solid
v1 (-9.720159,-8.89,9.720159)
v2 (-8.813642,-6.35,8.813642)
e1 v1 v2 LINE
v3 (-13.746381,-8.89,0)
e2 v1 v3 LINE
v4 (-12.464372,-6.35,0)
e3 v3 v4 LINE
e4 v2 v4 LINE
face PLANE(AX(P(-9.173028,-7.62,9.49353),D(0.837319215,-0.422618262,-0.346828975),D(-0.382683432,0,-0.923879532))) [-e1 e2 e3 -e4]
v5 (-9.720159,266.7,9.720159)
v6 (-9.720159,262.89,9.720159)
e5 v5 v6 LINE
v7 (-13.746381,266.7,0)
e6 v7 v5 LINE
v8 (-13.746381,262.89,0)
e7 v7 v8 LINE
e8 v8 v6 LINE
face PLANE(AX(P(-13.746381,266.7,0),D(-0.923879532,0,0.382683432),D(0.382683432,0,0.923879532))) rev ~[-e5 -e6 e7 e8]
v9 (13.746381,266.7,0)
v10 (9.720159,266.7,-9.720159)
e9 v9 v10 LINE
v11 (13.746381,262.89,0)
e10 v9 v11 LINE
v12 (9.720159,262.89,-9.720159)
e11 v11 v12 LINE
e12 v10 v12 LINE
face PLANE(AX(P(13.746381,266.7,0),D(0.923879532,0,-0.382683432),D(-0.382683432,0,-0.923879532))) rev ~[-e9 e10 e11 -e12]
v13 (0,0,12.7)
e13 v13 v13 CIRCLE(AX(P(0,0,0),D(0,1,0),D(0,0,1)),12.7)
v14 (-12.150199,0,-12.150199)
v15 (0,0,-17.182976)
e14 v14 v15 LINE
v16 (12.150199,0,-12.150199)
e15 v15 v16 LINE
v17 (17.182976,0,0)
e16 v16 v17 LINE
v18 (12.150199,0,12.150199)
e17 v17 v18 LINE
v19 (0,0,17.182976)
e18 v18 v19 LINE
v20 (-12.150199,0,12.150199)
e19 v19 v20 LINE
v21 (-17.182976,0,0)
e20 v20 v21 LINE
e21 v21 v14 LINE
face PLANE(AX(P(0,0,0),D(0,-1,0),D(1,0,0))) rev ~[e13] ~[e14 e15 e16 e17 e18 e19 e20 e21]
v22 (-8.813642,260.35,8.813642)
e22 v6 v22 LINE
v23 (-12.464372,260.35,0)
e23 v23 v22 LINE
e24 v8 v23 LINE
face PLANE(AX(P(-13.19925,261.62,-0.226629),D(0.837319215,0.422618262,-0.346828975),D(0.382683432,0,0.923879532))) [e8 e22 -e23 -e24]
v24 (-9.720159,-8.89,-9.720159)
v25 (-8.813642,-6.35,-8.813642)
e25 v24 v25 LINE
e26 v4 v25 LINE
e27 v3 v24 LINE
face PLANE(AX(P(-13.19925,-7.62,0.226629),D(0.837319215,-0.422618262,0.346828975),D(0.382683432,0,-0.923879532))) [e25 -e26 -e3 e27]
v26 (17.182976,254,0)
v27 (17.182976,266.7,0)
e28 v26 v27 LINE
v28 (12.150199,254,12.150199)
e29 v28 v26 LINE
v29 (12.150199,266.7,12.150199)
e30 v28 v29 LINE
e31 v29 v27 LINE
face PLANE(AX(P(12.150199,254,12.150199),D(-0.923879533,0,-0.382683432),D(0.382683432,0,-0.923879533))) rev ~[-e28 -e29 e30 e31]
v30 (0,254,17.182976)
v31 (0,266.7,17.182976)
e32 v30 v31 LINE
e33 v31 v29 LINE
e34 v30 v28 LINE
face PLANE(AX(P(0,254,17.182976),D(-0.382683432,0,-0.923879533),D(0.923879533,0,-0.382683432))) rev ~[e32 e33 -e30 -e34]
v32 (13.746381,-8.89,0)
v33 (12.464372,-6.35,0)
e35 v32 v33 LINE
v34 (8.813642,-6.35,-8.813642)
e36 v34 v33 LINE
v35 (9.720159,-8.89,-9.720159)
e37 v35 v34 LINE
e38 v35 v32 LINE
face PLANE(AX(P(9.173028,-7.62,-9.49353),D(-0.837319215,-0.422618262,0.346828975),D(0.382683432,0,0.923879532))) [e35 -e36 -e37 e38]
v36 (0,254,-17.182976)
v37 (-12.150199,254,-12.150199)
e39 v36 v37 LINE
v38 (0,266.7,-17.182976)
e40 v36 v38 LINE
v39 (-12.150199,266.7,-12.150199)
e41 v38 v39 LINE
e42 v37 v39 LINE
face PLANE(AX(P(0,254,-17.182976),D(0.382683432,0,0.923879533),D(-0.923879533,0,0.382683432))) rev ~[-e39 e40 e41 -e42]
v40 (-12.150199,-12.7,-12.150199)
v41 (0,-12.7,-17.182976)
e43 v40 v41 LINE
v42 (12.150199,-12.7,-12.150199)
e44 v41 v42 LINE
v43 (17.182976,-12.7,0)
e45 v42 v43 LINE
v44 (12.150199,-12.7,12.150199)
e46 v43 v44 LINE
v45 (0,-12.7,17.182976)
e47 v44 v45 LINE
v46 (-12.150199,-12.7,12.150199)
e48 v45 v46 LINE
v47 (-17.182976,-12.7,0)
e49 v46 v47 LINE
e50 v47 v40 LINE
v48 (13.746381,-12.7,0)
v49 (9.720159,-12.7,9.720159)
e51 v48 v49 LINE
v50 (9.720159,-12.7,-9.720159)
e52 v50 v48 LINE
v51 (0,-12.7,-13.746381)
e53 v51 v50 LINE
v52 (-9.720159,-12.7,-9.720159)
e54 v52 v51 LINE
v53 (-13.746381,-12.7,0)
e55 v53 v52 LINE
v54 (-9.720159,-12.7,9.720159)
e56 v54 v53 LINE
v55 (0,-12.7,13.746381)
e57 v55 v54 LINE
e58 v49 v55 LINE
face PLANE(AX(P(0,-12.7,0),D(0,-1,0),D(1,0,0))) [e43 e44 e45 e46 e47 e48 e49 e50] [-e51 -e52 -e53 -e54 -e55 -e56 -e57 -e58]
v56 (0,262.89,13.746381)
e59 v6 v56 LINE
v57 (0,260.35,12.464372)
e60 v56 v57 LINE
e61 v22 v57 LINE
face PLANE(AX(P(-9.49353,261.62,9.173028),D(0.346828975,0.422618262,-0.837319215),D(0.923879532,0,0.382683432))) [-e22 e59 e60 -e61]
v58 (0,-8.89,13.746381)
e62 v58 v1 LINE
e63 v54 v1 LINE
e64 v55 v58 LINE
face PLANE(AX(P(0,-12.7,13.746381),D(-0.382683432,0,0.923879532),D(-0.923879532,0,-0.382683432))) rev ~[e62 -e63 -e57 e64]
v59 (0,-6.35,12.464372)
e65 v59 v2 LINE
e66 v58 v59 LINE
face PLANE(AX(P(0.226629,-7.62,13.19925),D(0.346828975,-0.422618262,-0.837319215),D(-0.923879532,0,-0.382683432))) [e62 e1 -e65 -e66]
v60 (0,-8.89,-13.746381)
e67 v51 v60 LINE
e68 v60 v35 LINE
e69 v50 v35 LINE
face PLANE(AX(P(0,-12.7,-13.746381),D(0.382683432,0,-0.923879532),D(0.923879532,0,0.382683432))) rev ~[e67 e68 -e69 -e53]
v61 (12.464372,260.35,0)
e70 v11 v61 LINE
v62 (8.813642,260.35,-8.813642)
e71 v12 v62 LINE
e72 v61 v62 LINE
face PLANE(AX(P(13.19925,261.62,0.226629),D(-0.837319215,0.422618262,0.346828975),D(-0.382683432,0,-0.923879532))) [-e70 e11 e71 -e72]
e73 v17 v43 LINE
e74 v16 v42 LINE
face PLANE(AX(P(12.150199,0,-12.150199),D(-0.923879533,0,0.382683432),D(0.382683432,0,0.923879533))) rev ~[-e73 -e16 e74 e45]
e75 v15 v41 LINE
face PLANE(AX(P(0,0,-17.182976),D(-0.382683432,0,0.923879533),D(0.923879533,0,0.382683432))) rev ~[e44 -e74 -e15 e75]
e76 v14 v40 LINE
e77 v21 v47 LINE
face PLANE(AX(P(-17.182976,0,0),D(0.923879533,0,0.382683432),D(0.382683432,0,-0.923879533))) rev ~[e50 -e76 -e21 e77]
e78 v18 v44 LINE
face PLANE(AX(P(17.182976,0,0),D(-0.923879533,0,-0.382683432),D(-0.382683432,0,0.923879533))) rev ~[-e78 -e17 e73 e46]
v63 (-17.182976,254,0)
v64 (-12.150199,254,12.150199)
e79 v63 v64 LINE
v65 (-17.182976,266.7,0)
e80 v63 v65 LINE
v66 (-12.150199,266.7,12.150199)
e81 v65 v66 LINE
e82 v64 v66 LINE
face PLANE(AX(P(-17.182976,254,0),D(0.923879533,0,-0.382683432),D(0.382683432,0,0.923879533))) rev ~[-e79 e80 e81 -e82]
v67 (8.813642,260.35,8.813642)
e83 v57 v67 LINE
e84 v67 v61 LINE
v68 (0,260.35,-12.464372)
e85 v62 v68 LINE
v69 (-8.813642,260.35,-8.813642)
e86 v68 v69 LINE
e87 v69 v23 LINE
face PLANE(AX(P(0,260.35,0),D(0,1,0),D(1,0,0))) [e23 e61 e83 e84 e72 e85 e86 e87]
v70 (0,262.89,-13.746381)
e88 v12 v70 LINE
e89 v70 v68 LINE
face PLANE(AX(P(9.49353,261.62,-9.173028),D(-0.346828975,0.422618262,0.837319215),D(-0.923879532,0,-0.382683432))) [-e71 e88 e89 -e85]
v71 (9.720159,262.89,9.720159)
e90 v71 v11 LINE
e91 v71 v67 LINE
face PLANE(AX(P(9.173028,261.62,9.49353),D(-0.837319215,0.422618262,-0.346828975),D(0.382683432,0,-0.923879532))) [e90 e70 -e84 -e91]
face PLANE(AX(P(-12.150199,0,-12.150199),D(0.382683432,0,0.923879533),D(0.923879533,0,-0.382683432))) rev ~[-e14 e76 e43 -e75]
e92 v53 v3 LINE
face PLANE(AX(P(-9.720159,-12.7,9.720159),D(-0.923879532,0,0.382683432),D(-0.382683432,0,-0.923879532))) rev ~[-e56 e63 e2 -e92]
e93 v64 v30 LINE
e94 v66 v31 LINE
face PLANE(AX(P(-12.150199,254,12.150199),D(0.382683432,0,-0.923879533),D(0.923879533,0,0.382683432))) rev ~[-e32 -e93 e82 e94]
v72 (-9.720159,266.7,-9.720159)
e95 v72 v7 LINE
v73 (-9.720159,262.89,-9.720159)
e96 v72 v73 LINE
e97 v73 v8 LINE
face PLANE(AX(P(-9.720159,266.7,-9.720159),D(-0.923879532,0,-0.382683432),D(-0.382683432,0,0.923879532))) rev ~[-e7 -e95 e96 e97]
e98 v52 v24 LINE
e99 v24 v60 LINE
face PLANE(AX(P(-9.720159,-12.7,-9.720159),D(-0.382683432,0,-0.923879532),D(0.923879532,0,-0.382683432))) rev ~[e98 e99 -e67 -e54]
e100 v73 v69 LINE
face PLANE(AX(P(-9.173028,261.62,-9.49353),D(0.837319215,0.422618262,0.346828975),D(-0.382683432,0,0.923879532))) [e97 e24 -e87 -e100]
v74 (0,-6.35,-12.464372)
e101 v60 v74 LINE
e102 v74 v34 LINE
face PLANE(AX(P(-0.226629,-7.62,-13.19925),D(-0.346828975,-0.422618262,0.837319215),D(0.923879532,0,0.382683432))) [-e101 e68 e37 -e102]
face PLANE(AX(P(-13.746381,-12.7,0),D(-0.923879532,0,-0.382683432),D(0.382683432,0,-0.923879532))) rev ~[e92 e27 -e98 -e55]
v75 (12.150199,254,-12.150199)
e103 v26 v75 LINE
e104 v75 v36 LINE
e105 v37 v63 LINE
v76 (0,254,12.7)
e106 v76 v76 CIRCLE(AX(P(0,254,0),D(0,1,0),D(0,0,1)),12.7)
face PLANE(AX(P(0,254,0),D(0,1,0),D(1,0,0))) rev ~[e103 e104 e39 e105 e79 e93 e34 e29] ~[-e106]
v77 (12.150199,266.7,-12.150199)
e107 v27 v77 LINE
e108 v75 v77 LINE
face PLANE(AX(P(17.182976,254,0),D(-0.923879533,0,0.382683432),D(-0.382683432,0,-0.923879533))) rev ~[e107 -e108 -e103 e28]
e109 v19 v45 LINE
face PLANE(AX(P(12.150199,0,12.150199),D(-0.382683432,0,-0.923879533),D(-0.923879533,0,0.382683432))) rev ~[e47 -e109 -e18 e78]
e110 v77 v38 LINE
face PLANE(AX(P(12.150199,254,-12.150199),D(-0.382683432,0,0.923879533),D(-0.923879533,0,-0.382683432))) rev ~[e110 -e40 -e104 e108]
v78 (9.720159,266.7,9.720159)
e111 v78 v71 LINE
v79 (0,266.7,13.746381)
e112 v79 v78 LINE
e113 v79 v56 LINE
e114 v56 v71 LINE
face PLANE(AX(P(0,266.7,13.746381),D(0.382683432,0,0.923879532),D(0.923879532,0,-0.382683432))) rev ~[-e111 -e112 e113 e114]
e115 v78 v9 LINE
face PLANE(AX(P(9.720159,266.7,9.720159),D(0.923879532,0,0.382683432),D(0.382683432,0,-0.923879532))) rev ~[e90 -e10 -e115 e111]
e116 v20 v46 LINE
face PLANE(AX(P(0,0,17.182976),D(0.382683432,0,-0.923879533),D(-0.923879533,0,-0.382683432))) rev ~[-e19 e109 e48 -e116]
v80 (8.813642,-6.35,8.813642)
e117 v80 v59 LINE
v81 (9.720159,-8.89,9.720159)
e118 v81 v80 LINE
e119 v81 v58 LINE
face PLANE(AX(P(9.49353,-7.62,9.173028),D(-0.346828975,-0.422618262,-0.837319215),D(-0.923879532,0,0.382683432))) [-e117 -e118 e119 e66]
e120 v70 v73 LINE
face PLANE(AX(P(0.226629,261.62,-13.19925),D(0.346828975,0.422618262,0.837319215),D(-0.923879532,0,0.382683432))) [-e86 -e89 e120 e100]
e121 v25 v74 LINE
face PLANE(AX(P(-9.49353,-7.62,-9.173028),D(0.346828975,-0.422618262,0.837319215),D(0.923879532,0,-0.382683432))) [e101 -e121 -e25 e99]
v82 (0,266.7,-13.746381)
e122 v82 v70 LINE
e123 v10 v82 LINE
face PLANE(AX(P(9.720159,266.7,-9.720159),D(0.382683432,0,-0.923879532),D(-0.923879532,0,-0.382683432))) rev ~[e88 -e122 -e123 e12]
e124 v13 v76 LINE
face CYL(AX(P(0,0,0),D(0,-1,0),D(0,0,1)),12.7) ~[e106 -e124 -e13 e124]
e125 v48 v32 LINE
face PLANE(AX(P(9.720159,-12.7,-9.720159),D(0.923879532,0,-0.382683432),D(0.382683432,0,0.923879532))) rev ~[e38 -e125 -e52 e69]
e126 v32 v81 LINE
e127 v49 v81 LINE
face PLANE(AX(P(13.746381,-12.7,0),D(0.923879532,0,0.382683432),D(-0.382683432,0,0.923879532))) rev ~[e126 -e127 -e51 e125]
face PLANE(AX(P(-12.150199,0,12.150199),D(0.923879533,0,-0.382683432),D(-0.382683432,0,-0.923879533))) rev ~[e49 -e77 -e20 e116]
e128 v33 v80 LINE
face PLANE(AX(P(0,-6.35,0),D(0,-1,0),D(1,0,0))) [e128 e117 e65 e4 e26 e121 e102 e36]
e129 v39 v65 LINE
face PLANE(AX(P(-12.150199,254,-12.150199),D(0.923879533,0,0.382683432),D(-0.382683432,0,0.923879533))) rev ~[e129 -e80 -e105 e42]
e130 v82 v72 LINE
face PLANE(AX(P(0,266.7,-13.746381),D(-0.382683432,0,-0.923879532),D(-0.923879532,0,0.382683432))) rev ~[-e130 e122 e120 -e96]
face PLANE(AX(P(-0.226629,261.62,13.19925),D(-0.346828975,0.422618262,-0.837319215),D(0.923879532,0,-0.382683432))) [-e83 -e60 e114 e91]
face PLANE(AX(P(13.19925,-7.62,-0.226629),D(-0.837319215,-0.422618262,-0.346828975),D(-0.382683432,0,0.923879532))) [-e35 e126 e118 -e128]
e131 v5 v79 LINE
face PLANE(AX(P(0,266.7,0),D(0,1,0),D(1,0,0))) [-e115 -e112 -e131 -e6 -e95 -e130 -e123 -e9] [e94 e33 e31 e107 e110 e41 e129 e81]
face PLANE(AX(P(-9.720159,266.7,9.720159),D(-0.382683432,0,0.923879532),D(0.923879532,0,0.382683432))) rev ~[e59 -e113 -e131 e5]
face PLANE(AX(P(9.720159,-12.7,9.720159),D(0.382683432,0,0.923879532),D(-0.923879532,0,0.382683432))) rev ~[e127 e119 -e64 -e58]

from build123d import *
from OCP.BRepFilletAPI import BRepFilletAPI_MakeChamfer

# Parameters (mm, degrees)
SKETCH1_R           = 12.7
BOSS_EXTRUDE1_DEPTH = 254
BOSS_EXTRUDE2_DEPTH = 12.7
BOSS_EXTRUDE3_DEPTH = 12.7
CUT_EXTRUDE1_DEPTH  = 6.35
CUT_EXTRUDE2_DEPTH  = 6.35
CHAMFER1_SIZE       = 2.54
CHAMFER1_SIZE2      = 1.184421452
CHAMFER2_SIZE       = 2.54
CHAMFER2_SIZE2      = 1.184421452


with BuildPart() as part:
    # Sketch1 → Boss-Extrude1 (new body)
    with BuildSketch(Plane(origin=(0, 0, 0), x_dir=(1, 0, 0), z_dir=(0, 1, 0))):
        with Locations(Location((0, 0, 0), (0, 0, 270))):
            Circle(SKETCH1_R)
    extrude(amount=BOSS_EXTRUDE1_DEPTH)

    # Sketch2 → Boss-Extrude2 (add)
    with BuildSketch(Plane(origin=(0, 254, 0), x_dir=(1, 0, 0), z_dir=(0, 1, 0))):
        Polygon((0, 17.18297618), (-12.150198978, 12.150198978), (-17.18297618, 0), (-12.150198978, -12.150198978), (0, -17.18297618), (12.150198978, -12.150198978), (17.18297618, 0), (12.150198978, 12.150198978), align=None)
    extrude(amount=BOSS_EXTRUDE2_DEPTH)

    # Sketch3 → Boss-Extrude3 (add)
    with BuildSketch(Plane.XZ):
        Polygon((0, 17.18297618), (-12.150198978, 12.150198978), (-17.18297618, 0), (-12.150198978, -12.150198978), (0, -17.18297618), (12.150198978, -12.150198978), (17.18297618, 0), (12.150198978, 12.150198978), align=None)
    extrude(amount=BOSS_EXTRUDE3_DEPTH)

    # Sketch4 → Cut-Extrude1 (cut)
    with BuildSketch(Plane(origin=(0, 266.7, 0), x_dir=(1, 0, 0), z_dir=(0, 1, 0))):
        Polygon((0, 13.746380944), (-9.720159182, 9.720159182), (-13.746380944, 0), (-9.720159182, -9.720159182), (0, -13.746380944), (9.720159182, -9.720159182), (13.746380944, 0), (9.720159182, 9.720159182), align=None)
    extrude(amount=-CUT_EXTRUDE1_DEPTH, mode=Mode.SUBTRACT)

    # Sketch5 → Cut-Extrude2 (cut)
    with BuildSketch(Plane.XZ.offset(12.7)):
        Polygon((0, 13.746380944), (-9.720159182, 9.720159182), (-13.746380944, 0), (-9.720159182, -9.720159182), (0, -13.746380944), (9.720159182, -9.720159182), (13.746380944, 0), (9.720159182, 9.720159182), align=None)
    extrude(amount=-CUT_EXTRUDE2_DEPTH, mode=Mode.SUBTRACT)

    # Chamfer1: one chamfer whose edges measure the first distance from different faces: ONE call of the kernel's chamfer builder (chamfer() names one face for all edges)
    chamfer1_edges_1 = [part.edges().sort_by_distance(p)[0] for p in [
        (4.860079591, -6.35, 11.733270063),
    ]]
    chamfer1_side_1 = [part.faces().sort_by_distance(p)[0] for p in [
        (4.860079591, -9.525, 11.733270063),
    ]]
    chamfer1_edges_2 = [part.edges().sort_by_distance(p)[0] for p in [
        (11.733270063, -6.35, 4.860079591),
    ]]
    chamfer1_side_2 = [part.faces().sort_by_distance(p)[0] for p in [
        (11.733270063, -9.525, 4.860079591),
    ]]
    chamfer1_edges_3 = [part.edges().sort_by_distance(p)[0] for p in [
        (11.733270063, -6.35, -4.860079591),
    ]]
    chamfer1_side_3 = [part.faces().sort_by_distance(p)[0] for p in [
        (11.733270063, -9.525, -4.860079591),
    ]]
    chamfer1_edges_4 = [part.edges().sort_by_distance(p)[0] for p in [
        (4.860079591, -6.35, -11.733270063),
    ]]
    chamfer1_side_4 = [part.faces().sort_by_distance(p)[0] for p in [
        (4.860079591, -9.525, -11.733270063),
    ]]
    chamfer1_edges_5 = [part.edges().sort_by_distance(p)[0] for p in [
        (-4.860079591, -6.35, -11.733270063),
    ]]
    chamfer1_side_5 = [part.faces().sort_by_distance(p)[0] for p in [
        (-4.860079591, -9.525, -11.733270063),
    ]]
    chamfer1_edges_6 = [part.edges().sort_by_distance(p)[0] for p in [
        (-11.733270063, -6.35, -4.860079591),
    ]]
    chamfer1_side_6 = [part.faces().sort_by_distance(p)[0] for p in [
        (-11.733270063, -9.525, -4.860079591),
    ]]
    chamfer1_edges_7 = [part.edges().sort_by_distance(p)[0] for p in [
        (-11.733270063, -6.35, 4.860079591),
    ]]
    chamfer1_side_7 = [part.faces().sort_by_distance(p)[0] for p in [
        (-11.733270063, -9.525, 4.860079591),
    ]]
    chamfer1_edges_8 = [part.edges().sort_by_distance(p)[0] for p in [
        (-4.860079591, -6.35, 11.733270063),
    ]]
    chamfer1_side_8 = [part.faces().sort_by_distance(p)[0] for p in [
        (-4.860079591, -9.525, 11.733270063),
    ]]
    chamfer1 = BRepFilletAPI_MakeChamfer(part.part.solid().wrapped)
    for e in chamfer1_edges_1:
        chamfer1.Add(CHAMFER1_SIZE, CHAMFER1_SIZE2, e.wrapped, chamfer1_side_1[0].wrapped)  # the first distance lies on this face
    for e in chamfer1_edges_2:
        chamfer1.Add(CHAMFER1_SIZE, CHAMFER1_SIZE2, e.wrapped, chamfer1_side_2[0].wrapped)  # the first distance lies on this face
    for e in chamfer1_edges_3:
        chamfer1.Add(CHAMFER1_SIZE, CHAMFER1_SIZE2, e.wrapped, chamfer1_side_3[0].wrapped)  # the first distance lies on this face
    for e in chamfer1_edges_4:
        chamfer1.Add(CHAMFER1_SIZE, CHAMFER1_SIZE2, e.wrapped, chamfer1_side_4[0].wrapped)  # the first distance lies on this face
    for e in chamfer1_edges_5:
        chamfer1.Add(CHAMFER1_SIZE, CHAMFER1_SIZE2, e.wrapped, chamfer1_side_5[0].wrapped)  # the first distance lies on this face
    for e in chamfer1_edges_6:
        chamfer1.Add(CHAMFER1_SIZE, CHAMFER1_SIZE2, e.wrapped, chamfer1_side_6[0].wrapped)  # the first distance lies on this face
    for e in chamfer1_edges_7:
        chamfer1.Add(CHAMFER1_SIZE, CHAMFER1_SIZE2, e.wrapped, chamfer1_side_7[0].wrapped)  # the first distance lies on this face
    for e in chamfer1_edges_8:
        chamfer1.Add(CHAMFER1_SIZE, CHAMFER1_SIZE2, e.wrapped, chamfer1_side_8[0].wrapped)  # the first distance lies on this face
    add(Compound.cast(chamfer1.Shape()), mode=Mode.REPLACE)

    # Chamfer2: one chamfer whose edges measure the first distance from different faces: ONE call of the kernel's chamfer builder (chamfer() names one face for all edges)
    chamfer2_edges_1 = [part.edges().sort_by_distance(p)[0] for p in [
        (4.860079591, 260.35, -11.733270063),
    ]]
    chamfer2_side_1 = [part.faces().sort_by_distance(p)[0] for p in [
        (4.860079591, 263.525, -11.733270063),
    ]]
    chamfer2_edges_2 = [part.edges().sort_by_distance(p)[0] for p in [
        (11.733270063, 260.35, -4.860079591),
    ]]
    chamfer2_side_2 = [part.faces().sort_by_distance(p)[0] for p in [
        (11.733270063, 263.525, -4.860079591),
    ]]
    chamfer2_edges_3 = [part.edges().sort_by_distance(p)[0] for p in [
        (11.733270063, 260.35, 4.860079591),
    ]]
    chamfer2_side_3 = [part.faces().sort_by_distance(p)[0] for p in [
        (11.733270063, 263.525, 4.860079591),
    ]]
    chamfer2_edges_4 = [part.edges().sort_by_distance(p)[0] for p in [
        (4.860079591, 260.35, 11.733270063),
    ]]
    chamfer2_side_4 = [part.faces().sort_by_distance(p)[0] for p in [
        (4.860079591, 263.525, 11.733270063),
    ]]
    chamfer2_edges_5 = [part.edges().sort_by_distance(p)[0] for p in [
        (-4.860079591, 260.35, 11.733270063),
    ]]
    chamfer2_side_5 = [part.faces().sort_by_distance(p)[0] for p in [
        (-4.860079591, 263.525, 11.733270063),
    ]]
    chamfer2_edges_6 = [part.edges().sort_by_distance(p)[0] for p in [
        (-11.733270063, 260.35, 4.860079591),
    ]]
    chamfer2_side_6 = [part.faces().sort_by_distance(p)[0] for p in [
        (-11.733270063, 263.525, 4.860079591),
    ]]
    chamfer2_edges_7 = [part.edges().sort_by_distance(p)[0] for p in [
        (-11.733270063, 260.35, -4.860079591),
    ]]
    chamfer2_side_7 = [part.faces().sort_by_distance(p)[0] for p in [
        (-11.733270063, 263.525, -4.860079591),
    ]]
    chamfer2_edges_8 = [part.edges().sort_by_distance(p)[0] for p in [
        (-4.860079591, 260.35, -11.733270063),
    ]]
    chamfer2_side_8 = [part.faces().sort_by_distance(p)[0] for p in [
        (-4.860079591, 263.525, -11.733270063),
    ]]
    chamfer2 = BRepFilletAPI_MakeChamfer(part.part.solid().wrapped)
    for e in chamfer2_edges_1:
        chamfer2.Add(CHAMFER2_SIZE, CHAMFER2_SIZE2, e.wrapped, chamfer2_side_1[0].wrapped)  # the first distance lies on this face
    for e in chamfer2_edges_2:
        chamfer2.Add(CHAMFER2_SIZE, CHAMFER2_SIZE2, e.wrapped, chamfer2_side_2[0].wrapped)  # the first distance lies on this face
    for e in chamfer2_edges_3:
        chamfer2.Add(CHAMFER2_SIZE, CHAMFER2_SIZE2, e.wrapped, chamfer2_side_3[0].wrapped)  # the first distance lies on this face
    for e in chamfer2_edges_4:
        chamfer2.Add(CHAMFER2_SIZE, CHAMFER2_SIZE2, e.wrapped, chamfer2_side_4[0].wrapped)  # the first distance lies on this face
    for e in chamfer2_edges_5:
        chamfer2.Add(CHAMFER2_SIZE, CHAMFER2_SIZE2, e.wrapped, chamfer2_side_5[0].wrapped)  # the first distance lies on this face
    for e in chamfer2_edges_6:
        chamfer2.Add(CHAMFER2_SIZE, CHAMFER2_SIZE2, e.wrapped, chamfer2_side_6[0].wrapped)  # the first distance lies on this face
    for e in chamfer2_edges_7:
        chamfer2.Add(CHAMFER2_SIZE, CHAMFER2_SIZE2, e.wrapped, chamfer2_side_7[0].wrapped)  # the first distance lies on this face
    for e in chamfer2_edges_8:
        chamfer2.Add(CHAMFER2_SIZE, CHAMFER2_SIZE2, e.wrapped, chamfer2_side_8[0].wrapped)  # the first distance lies on this face
    add(Compound.cast(chamfer2.Shape()), mode=Mode.REPLACE)


solid = part.part
